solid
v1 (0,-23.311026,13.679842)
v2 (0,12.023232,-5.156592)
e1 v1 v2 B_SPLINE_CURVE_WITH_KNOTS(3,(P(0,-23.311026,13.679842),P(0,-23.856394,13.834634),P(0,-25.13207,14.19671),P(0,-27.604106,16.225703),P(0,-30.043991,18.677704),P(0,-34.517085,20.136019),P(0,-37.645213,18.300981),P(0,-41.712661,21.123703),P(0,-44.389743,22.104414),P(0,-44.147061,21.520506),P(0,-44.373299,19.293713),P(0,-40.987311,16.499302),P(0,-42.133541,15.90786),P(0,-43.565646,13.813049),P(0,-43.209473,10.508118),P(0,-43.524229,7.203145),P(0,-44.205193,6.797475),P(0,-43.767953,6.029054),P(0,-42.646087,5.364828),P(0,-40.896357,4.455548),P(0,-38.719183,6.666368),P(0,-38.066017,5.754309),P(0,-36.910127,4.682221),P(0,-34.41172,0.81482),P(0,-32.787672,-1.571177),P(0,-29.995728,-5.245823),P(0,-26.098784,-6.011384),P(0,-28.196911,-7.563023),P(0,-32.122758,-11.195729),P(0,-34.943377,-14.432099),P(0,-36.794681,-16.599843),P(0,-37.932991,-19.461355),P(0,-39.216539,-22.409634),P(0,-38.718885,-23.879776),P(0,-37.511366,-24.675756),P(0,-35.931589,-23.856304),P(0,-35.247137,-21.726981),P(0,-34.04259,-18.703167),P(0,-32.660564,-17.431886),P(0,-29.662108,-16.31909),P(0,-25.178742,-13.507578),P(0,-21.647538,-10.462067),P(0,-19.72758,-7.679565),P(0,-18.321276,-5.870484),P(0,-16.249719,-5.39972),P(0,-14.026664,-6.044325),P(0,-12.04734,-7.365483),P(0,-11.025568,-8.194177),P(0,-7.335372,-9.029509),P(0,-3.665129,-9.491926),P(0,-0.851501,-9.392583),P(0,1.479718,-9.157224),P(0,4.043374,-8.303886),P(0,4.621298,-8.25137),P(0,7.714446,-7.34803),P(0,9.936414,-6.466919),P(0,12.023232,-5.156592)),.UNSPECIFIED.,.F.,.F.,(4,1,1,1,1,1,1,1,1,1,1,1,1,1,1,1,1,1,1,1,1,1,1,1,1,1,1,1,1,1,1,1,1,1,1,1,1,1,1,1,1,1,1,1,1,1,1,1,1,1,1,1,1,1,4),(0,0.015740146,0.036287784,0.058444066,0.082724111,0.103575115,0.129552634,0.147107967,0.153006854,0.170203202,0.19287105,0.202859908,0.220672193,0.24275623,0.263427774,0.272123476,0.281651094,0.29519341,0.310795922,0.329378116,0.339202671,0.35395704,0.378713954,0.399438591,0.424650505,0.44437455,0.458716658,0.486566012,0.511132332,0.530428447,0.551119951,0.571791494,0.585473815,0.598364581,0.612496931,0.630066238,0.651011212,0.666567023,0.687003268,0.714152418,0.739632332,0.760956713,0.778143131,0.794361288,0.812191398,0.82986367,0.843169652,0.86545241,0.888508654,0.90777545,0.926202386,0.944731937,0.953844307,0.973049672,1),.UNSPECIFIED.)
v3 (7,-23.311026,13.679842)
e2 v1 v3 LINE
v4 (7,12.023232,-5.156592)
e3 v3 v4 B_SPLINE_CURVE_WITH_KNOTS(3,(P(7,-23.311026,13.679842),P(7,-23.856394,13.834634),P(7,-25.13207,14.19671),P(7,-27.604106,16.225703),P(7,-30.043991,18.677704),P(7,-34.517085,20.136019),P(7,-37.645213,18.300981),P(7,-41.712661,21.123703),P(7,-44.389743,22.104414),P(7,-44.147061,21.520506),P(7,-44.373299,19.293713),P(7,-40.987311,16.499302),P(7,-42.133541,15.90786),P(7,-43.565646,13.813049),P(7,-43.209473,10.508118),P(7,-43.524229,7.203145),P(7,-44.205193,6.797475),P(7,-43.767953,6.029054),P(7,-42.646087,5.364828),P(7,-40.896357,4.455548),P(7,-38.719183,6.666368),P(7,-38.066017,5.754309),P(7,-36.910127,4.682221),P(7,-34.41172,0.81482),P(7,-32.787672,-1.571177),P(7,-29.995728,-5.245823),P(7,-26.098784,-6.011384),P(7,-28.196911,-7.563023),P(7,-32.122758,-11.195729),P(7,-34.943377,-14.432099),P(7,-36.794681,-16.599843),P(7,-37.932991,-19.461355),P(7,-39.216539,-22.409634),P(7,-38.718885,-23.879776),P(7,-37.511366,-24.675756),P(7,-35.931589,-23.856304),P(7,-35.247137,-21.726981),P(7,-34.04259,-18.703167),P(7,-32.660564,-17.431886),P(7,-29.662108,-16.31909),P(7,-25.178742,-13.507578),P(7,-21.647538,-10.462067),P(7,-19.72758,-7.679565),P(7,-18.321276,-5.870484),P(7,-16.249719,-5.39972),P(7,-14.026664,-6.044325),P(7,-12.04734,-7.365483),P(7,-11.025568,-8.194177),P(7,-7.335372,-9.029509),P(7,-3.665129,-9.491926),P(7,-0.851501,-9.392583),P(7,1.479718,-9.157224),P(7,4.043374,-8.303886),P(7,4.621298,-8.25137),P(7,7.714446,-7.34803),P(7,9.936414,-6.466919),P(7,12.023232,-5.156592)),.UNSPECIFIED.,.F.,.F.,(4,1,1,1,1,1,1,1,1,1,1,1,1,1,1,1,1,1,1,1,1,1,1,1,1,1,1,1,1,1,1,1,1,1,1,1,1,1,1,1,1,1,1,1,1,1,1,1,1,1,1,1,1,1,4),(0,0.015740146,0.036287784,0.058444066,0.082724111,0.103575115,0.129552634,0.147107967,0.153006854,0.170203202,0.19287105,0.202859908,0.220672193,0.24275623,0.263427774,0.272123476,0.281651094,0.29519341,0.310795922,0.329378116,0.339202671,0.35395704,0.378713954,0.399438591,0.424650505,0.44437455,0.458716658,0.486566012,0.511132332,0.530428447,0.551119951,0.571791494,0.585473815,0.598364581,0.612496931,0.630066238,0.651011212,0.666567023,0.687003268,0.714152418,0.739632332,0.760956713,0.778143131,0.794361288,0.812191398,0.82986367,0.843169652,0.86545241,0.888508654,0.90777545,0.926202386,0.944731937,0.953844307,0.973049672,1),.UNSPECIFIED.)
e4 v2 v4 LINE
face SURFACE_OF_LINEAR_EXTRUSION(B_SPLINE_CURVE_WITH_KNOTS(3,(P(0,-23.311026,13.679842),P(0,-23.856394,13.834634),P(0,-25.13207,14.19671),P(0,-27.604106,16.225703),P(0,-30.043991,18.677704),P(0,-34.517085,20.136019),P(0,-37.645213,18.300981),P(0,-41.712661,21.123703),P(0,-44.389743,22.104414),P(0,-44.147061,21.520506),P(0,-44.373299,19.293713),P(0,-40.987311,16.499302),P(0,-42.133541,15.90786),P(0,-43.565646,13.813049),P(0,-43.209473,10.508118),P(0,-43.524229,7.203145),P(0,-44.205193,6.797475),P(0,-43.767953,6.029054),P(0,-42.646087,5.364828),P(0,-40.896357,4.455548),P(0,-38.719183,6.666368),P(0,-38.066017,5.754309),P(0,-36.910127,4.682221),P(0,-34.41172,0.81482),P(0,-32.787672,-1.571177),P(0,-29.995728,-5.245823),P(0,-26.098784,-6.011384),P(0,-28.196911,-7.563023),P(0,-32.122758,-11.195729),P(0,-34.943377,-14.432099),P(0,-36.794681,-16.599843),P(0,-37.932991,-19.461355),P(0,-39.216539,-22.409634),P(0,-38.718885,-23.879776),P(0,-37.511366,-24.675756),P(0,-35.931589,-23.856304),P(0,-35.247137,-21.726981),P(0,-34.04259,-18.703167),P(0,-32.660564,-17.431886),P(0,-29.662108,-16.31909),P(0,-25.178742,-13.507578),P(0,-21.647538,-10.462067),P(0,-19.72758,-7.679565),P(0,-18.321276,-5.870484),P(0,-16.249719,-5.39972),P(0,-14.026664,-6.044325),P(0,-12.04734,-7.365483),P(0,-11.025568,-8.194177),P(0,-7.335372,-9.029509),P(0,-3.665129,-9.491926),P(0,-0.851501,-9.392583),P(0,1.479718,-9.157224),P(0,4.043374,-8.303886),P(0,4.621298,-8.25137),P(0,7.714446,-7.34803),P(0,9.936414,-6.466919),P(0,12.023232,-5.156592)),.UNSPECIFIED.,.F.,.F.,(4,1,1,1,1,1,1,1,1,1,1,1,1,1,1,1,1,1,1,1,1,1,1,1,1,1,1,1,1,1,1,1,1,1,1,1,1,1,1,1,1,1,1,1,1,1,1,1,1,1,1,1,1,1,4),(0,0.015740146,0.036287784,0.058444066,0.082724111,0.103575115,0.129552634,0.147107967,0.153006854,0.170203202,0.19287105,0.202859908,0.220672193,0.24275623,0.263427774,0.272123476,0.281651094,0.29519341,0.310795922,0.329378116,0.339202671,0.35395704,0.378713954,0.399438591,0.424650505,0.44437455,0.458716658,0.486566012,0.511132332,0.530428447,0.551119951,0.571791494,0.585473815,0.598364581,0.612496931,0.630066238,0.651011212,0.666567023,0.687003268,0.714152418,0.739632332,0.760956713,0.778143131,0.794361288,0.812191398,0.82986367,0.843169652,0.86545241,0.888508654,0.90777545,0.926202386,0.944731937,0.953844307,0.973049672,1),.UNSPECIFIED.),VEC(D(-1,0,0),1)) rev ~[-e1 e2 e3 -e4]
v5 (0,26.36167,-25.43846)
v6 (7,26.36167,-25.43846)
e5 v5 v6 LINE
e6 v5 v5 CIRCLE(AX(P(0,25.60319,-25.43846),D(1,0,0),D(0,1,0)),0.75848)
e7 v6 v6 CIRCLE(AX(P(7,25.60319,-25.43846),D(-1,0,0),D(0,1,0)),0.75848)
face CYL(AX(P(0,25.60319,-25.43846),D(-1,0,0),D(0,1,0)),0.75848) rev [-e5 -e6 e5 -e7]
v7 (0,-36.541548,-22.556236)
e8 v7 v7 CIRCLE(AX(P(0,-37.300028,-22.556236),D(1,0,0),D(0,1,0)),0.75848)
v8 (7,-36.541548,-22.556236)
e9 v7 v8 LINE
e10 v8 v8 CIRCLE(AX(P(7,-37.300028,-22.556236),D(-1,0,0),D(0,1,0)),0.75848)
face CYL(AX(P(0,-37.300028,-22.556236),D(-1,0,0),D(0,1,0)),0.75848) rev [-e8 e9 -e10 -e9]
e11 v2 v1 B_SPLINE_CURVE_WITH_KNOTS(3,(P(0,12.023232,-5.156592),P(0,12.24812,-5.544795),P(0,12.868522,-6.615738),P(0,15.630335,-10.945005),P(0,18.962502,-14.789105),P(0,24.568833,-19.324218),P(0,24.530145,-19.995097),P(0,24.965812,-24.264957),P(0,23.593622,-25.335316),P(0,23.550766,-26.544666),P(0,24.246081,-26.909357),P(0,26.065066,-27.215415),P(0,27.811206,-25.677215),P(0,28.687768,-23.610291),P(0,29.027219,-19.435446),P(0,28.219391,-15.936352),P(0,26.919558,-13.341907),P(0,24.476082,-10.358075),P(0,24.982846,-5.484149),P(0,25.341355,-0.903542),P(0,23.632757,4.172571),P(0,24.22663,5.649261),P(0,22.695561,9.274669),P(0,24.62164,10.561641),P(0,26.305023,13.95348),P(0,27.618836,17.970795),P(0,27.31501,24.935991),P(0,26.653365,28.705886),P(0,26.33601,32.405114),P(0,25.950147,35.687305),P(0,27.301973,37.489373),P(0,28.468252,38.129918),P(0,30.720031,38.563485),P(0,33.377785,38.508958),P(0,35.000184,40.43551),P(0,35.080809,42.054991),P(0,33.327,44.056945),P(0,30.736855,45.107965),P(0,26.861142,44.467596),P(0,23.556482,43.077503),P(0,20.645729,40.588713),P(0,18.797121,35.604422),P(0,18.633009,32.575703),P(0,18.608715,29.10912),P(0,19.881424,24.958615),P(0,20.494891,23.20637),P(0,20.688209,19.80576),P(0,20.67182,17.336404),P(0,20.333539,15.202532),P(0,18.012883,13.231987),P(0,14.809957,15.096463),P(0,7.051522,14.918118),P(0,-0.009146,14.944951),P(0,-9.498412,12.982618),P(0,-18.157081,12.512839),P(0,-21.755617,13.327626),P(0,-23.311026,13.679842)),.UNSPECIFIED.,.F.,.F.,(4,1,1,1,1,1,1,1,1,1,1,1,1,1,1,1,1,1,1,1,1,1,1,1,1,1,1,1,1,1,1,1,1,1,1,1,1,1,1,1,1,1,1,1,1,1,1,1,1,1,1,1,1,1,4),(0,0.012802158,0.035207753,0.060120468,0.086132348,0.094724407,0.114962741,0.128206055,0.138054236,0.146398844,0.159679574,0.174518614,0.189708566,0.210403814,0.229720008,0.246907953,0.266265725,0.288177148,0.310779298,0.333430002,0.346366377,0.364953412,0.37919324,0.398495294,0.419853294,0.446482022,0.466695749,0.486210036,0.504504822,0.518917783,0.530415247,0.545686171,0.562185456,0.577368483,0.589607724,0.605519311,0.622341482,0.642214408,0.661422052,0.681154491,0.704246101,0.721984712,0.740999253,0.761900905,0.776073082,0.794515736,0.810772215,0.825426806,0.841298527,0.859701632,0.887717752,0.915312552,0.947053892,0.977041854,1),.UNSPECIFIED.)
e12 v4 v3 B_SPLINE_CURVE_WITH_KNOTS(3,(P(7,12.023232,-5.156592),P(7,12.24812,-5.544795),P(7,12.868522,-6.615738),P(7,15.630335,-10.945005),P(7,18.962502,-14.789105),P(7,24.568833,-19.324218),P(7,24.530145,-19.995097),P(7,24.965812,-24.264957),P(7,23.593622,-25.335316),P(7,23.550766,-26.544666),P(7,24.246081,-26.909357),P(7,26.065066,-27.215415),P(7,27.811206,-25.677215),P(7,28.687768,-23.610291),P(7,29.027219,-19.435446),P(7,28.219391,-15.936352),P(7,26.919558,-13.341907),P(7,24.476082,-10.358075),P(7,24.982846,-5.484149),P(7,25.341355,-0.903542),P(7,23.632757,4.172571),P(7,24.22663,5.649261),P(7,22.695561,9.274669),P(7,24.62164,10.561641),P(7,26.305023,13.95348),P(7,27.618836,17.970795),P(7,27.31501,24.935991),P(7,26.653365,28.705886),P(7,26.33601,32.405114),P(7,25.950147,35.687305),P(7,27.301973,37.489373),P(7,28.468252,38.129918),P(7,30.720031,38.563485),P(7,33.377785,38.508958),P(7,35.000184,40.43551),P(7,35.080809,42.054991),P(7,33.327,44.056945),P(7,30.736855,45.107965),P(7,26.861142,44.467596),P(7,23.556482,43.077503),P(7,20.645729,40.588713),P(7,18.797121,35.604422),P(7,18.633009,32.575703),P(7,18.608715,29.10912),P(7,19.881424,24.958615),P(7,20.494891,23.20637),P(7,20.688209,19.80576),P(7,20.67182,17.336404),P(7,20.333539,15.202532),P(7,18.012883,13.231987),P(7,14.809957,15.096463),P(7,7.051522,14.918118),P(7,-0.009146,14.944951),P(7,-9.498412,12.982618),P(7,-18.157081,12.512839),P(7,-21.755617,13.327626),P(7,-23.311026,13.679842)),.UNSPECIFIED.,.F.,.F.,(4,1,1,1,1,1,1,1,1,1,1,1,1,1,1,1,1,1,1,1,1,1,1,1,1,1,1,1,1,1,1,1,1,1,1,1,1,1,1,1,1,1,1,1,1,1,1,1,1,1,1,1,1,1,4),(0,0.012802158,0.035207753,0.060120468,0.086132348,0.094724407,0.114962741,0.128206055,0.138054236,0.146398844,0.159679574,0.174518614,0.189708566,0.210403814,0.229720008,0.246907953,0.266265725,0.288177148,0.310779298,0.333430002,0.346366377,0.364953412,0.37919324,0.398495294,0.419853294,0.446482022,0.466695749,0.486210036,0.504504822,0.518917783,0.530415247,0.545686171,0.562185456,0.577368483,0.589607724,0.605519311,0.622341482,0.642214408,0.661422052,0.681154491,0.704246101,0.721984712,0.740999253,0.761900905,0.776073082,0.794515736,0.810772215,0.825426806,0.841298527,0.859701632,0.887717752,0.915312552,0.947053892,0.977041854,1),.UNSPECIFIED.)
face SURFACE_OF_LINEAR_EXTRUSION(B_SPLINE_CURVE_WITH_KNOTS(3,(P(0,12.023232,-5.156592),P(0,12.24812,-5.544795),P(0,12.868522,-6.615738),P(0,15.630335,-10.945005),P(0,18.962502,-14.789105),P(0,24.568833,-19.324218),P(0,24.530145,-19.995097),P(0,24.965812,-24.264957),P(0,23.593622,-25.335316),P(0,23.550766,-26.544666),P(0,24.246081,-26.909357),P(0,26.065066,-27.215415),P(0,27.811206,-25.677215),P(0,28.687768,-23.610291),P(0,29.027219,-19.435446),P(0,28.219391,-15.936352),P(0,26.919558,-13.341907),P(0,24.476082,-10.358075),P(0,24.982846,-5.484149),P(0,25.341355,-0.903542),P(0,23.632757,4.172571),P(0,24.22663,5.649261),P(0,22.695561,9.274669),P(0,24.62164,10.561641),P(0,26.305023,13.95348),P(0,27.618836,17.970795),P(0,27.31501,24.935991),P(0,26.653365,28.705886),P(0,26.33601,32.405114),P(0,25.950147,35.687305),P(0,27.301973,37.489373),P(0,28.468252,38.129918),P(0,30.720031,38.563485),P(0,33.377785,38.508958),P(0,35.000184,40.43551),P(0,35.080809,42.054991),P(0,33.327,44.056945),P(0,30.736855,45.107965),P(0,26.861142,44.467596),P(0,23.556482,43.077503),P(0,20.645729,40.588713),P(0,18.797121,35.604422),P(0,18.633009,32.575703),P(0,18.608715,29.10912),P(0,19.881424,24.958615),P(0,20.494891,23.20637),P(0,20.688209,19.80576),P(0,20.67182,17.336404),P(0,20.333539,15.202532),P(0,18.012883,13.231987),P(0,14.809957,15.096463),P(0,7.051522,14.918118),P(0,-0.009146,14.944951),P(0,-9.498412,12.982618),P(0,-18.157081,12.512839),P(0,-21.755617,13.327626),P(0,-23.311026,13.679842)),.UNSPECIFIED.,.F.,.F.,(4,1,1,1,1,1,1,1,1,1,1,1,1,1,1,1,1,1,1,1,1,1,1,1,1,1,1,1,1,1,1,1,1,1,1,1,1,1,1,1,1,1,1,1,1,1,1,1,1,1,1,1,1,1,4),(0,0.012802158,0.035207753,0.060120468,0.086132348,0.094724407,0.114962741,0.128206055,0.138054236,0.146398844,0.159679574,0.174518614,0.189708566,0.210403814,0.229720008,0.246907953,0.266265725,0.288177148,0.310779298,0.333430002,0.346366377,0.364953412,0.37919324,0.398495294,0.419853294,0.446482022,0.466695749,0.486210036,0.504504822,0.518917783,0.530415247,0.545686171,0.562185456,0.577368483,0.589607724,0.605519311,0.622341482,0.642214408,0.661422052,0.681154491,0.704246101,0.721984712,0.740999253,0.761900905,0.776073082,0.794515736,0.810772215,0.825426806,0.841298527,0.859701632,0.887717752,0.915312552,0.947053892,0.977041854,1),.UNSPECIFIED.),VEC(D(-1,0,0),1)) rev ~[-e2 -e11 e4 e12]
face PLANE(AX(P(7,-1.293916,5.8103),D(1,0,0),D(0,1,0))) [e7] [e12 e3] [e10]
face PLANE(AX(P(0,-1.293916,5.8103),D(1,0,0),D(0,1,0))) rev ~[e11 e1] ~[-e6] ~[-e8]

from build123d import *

# Parameters (mm, degrees)
F2_DEPTH = 7
F3_R     = 0.7584795356
F4_DEPTH = 25


with BuildPart() as f2:
    # F1 (on face) → F2 (new body)
    with BuildSketch(Plane.YZ):
        with BuildLine():
            add(Edge.make_bspline(
                [(12.0232319459, -5.1565920003), (12.2481198187, -5.5447951882), (12.868521724, -6.6157377623), (15.6303345675, -10.9450047604), (18.9625021603, -14.7891050679), (24.5688331823, -19.3242180445), (24.5301451347, -19.9950965393), (24.965812442, -24.2649570428), (23.5936216433, -25.3353157941), (23.5507662403, -26.5446660228), (24.2460809912, -26.909357301), (26.0650661849, -27.2154148559), (27.8112057673, -25.677215486), (28.6877679009, -23.6102914407), (29.0272188691, -19.4354461266), (28.2193912233, -15.9363524677), (26.9195584233, -13.3419067388), (24.4760824822, -10.3580749303), (24.9828463082, -5.4841494415), (25.3413546263, -0.9035423914), (23.6327567789, 4.1725707264), (24.2266303584, 5.6492612289), (22.6955610976, 9.2746692788), (24.6216398451, 10.5616408604), (26.3050231065, 13.9534800005), (27.6188361401, 17.9707950417), (27.3150103688, 24.9359906344), (26.6533651053, 28.7058862633), (26.3360101212, 32.4051141828), (25.9501466393, 35.6873054468), (27.3019726265, 37.489372754), (28.4682518036, 38.1299182873), (30.7200305416, 38.5634850966), (33.3777853093, 38.5089581045), (35.0001836797, 40.4355099188), (35.0808093864, 42.0549909176), (33.3269996635, 44.0569451619), (30.7368547894, 45.1079654417), (26.8611424236, 44.4675963422), (23.5564818329, 43.077503032), (20.6457292058, 40.5887129318), (18.797120714, 35.6044223028), (18.633009433, 32.5757025978), (18.6087151456, 29.1091195425), (19.8814239088, 24.9586151969), (20.4948905089, 23.2063696786), (20.6882094495, 19.8057602528), (20.6718199532, 17.3364035632), (20.3335388041, 15.2025323542), (18.0128829863, 13.2319874028), (14.8099568093, 15.0964628603), (7.0515218048, 14.918117798), (-0.0091457275, 14.9449512729), (-9.498411705, 12.9826180032), (-18.1570810601, 12.5128386388), (-21.7556173803, 13.327626423), (-23.3110263944, 13.6798415333)],
                knots=[0, 0, 0, 0, 0.0128021579, 0.0352077534, 0.0601204678, 0.0861323479, 0.0947244066, 0.1149627413, 0.1282060555, 0.1380542357, 0.1463988439, 0.1596795739, 0.1745186137, 0.1897085661, 0.2104038141, 0.2297200081, 0.2469079529, 0.2662657248, 0.2881771483, 0.3107792978, 0.3334300022, 0.3463663766, 0.3649534117, 0.37919324, 0.3984952938, 0.4198532936, 0.4464820224, 0.4666957494, 0.486210036, 0.5045048216, 0.518917783, 0.5304152471, 0.5456861706, 0.5621854556, 0.5773684831, 0.5896077245, 0.6055193114, 0.6223414824, 0.6422144076, 0.6614220517, 0.6811544915, 0.7042461005, 0.7219847117, 0.7409992533, 0.7619009046, 0.7760730825, 0.7945157365, 0.8107722151, 0.8254268055, 0.8412985272, 0.8597016318, 0.8877177524, 0.9153125519, 0.9470538924, 0.9770418539, 1, 1, 1, 1], degree=3))
            add(Edge.make_bspline(
                [(-23.3110263944, 13.6798415333), (-23.8563936262, 13.8346337664), (-25.1320696656, 14.1967104209), (-27.6041064322, 16.2257034643), (-30.0439913745, 18.6777040945), (-34.5170853552, 20.1360194065), (-37.6452127297, 18.3009810213), (-41.7126607551, 21.1237025349), (-44.389742657, 22.1044144984), (-44.1470605209, 21.5205057515), (-44.3732992218, 19.2937130778), (-40.9873105041, 16.4993022168), (-42.1335407551, 15.9078598514), (-43.565646209, 13.8130488493), (-43.2094726554, 10.5081182096), (-43.5242294255, 7.2031450827), (-44.2051927775, 6.797475059), (-43.7679526294, 6.0290540734), (-42.6460869277, 5.3648284065), (-40.8963573383, 4.4555483714), (-38.7191831534, 6.6663680053), (-38.0660173835, 5.7543086731), (-36.9101265964, 4.6822212897), (-34.4117198628, 0.8148197465), (-32.7876718973, -1.5711765036), (-29.9957277756, -5.2458230535), (-26.0987843925, -6.0113838163), (-28.1969107981, -7.563022731), (-32.1227584749, -11.1957287657), (-34.943376752, -14.4320988274), (-36.7946814754, -16.5998425287), (-37.9329910502, -19.4613546202), (-39.216539002, -22.409634272), (-38.718884827, -23.8797759484), (-37.5113664331, -24.6757557291), (-35.9315894556, -23.8563042155), (-35.2471370431, -21.7269806151), (-34.0425899783, -18.7031669347), (-32.6605638193, -17.4318862472), (-29.662108139, -16.319089505), (-25.1787423529, -13.507578222), (-21.6475376408, -10.4620669716), (-19.7275797552, -7.6795653066), (-18.3212759965, -5.8704835584), (-16.2497185525, -5.3997203299), (-14.026664071, -6.0443254721), (-12.0473399983, -7.3654830018), (-11.0255678481, -8.1941773741), (-7.335372437, -9.0295089412), (-3.6651287607, -9.4919262671), (-0.8515009572, -9.3925828947), (1.4797177037, -9.1572244202), (4.0433744997, -8.3038864425), (4.6212981824, -8.25137003), (7.7144462966, -7.3480300339), (9.9364142477, -6.4669190337), (12.0232319459, -5.1565920003)],
                knots=[0, 0, 0, 0, 0.0157401455, 0.0362877836, 0.0584440656, 0.082724111, 0.1035751148, 0.1295526337, 0.1471079669, 0.1530068536, 0.1702032019, 0.1928710503, 0.2028599077, 0.2206721927, 0.2427562299, 0.2634277739, 0.2721234759, 0.2816510936, 0.2951934105, 0.3107959218, 0.3293781165, 0.3392026711, 0.3539570405, 0.3787139541, 0.3994385911, 0.424650505, 0.4443745503, 0.4587166579, 0.4865660123, 0.5111323317, 0.5304284471, 0.5511199513, 0.5717914936, 0.5854738148, 0.5983645812, 0.6124969307, 0.6300662379, 0.6510112119, 0.6665670235, 0.6870032677, 0.7141524175, 0.7396323317, 0.7609567131, 0.7781431313, 0.7943612879, 0.812191398, 0.82986367, 0.8431696522, 0.8654524095, 0.8885086536, 0.9077754497, 0.926202386, 0.9447319366, 0.953844307, 0.9730496717, 1, 1, 1, 1], degree=3))
        make_face()
    extrude(amount=F2_DEPTH)

    # F3 (on Right) → F4 (cut)
    with BuildSketch(Plane.YZ):
        with Locations((-37.3000279069, -22.5562360138)):
            Circle(F3_R)
        with Locations((25.6031900644, -25.4384595901)):
            Circle(F3_R)
    extrude(amount=F4_DEPTH, mode=Mode.SUBTRACT)


solid = f2.part
